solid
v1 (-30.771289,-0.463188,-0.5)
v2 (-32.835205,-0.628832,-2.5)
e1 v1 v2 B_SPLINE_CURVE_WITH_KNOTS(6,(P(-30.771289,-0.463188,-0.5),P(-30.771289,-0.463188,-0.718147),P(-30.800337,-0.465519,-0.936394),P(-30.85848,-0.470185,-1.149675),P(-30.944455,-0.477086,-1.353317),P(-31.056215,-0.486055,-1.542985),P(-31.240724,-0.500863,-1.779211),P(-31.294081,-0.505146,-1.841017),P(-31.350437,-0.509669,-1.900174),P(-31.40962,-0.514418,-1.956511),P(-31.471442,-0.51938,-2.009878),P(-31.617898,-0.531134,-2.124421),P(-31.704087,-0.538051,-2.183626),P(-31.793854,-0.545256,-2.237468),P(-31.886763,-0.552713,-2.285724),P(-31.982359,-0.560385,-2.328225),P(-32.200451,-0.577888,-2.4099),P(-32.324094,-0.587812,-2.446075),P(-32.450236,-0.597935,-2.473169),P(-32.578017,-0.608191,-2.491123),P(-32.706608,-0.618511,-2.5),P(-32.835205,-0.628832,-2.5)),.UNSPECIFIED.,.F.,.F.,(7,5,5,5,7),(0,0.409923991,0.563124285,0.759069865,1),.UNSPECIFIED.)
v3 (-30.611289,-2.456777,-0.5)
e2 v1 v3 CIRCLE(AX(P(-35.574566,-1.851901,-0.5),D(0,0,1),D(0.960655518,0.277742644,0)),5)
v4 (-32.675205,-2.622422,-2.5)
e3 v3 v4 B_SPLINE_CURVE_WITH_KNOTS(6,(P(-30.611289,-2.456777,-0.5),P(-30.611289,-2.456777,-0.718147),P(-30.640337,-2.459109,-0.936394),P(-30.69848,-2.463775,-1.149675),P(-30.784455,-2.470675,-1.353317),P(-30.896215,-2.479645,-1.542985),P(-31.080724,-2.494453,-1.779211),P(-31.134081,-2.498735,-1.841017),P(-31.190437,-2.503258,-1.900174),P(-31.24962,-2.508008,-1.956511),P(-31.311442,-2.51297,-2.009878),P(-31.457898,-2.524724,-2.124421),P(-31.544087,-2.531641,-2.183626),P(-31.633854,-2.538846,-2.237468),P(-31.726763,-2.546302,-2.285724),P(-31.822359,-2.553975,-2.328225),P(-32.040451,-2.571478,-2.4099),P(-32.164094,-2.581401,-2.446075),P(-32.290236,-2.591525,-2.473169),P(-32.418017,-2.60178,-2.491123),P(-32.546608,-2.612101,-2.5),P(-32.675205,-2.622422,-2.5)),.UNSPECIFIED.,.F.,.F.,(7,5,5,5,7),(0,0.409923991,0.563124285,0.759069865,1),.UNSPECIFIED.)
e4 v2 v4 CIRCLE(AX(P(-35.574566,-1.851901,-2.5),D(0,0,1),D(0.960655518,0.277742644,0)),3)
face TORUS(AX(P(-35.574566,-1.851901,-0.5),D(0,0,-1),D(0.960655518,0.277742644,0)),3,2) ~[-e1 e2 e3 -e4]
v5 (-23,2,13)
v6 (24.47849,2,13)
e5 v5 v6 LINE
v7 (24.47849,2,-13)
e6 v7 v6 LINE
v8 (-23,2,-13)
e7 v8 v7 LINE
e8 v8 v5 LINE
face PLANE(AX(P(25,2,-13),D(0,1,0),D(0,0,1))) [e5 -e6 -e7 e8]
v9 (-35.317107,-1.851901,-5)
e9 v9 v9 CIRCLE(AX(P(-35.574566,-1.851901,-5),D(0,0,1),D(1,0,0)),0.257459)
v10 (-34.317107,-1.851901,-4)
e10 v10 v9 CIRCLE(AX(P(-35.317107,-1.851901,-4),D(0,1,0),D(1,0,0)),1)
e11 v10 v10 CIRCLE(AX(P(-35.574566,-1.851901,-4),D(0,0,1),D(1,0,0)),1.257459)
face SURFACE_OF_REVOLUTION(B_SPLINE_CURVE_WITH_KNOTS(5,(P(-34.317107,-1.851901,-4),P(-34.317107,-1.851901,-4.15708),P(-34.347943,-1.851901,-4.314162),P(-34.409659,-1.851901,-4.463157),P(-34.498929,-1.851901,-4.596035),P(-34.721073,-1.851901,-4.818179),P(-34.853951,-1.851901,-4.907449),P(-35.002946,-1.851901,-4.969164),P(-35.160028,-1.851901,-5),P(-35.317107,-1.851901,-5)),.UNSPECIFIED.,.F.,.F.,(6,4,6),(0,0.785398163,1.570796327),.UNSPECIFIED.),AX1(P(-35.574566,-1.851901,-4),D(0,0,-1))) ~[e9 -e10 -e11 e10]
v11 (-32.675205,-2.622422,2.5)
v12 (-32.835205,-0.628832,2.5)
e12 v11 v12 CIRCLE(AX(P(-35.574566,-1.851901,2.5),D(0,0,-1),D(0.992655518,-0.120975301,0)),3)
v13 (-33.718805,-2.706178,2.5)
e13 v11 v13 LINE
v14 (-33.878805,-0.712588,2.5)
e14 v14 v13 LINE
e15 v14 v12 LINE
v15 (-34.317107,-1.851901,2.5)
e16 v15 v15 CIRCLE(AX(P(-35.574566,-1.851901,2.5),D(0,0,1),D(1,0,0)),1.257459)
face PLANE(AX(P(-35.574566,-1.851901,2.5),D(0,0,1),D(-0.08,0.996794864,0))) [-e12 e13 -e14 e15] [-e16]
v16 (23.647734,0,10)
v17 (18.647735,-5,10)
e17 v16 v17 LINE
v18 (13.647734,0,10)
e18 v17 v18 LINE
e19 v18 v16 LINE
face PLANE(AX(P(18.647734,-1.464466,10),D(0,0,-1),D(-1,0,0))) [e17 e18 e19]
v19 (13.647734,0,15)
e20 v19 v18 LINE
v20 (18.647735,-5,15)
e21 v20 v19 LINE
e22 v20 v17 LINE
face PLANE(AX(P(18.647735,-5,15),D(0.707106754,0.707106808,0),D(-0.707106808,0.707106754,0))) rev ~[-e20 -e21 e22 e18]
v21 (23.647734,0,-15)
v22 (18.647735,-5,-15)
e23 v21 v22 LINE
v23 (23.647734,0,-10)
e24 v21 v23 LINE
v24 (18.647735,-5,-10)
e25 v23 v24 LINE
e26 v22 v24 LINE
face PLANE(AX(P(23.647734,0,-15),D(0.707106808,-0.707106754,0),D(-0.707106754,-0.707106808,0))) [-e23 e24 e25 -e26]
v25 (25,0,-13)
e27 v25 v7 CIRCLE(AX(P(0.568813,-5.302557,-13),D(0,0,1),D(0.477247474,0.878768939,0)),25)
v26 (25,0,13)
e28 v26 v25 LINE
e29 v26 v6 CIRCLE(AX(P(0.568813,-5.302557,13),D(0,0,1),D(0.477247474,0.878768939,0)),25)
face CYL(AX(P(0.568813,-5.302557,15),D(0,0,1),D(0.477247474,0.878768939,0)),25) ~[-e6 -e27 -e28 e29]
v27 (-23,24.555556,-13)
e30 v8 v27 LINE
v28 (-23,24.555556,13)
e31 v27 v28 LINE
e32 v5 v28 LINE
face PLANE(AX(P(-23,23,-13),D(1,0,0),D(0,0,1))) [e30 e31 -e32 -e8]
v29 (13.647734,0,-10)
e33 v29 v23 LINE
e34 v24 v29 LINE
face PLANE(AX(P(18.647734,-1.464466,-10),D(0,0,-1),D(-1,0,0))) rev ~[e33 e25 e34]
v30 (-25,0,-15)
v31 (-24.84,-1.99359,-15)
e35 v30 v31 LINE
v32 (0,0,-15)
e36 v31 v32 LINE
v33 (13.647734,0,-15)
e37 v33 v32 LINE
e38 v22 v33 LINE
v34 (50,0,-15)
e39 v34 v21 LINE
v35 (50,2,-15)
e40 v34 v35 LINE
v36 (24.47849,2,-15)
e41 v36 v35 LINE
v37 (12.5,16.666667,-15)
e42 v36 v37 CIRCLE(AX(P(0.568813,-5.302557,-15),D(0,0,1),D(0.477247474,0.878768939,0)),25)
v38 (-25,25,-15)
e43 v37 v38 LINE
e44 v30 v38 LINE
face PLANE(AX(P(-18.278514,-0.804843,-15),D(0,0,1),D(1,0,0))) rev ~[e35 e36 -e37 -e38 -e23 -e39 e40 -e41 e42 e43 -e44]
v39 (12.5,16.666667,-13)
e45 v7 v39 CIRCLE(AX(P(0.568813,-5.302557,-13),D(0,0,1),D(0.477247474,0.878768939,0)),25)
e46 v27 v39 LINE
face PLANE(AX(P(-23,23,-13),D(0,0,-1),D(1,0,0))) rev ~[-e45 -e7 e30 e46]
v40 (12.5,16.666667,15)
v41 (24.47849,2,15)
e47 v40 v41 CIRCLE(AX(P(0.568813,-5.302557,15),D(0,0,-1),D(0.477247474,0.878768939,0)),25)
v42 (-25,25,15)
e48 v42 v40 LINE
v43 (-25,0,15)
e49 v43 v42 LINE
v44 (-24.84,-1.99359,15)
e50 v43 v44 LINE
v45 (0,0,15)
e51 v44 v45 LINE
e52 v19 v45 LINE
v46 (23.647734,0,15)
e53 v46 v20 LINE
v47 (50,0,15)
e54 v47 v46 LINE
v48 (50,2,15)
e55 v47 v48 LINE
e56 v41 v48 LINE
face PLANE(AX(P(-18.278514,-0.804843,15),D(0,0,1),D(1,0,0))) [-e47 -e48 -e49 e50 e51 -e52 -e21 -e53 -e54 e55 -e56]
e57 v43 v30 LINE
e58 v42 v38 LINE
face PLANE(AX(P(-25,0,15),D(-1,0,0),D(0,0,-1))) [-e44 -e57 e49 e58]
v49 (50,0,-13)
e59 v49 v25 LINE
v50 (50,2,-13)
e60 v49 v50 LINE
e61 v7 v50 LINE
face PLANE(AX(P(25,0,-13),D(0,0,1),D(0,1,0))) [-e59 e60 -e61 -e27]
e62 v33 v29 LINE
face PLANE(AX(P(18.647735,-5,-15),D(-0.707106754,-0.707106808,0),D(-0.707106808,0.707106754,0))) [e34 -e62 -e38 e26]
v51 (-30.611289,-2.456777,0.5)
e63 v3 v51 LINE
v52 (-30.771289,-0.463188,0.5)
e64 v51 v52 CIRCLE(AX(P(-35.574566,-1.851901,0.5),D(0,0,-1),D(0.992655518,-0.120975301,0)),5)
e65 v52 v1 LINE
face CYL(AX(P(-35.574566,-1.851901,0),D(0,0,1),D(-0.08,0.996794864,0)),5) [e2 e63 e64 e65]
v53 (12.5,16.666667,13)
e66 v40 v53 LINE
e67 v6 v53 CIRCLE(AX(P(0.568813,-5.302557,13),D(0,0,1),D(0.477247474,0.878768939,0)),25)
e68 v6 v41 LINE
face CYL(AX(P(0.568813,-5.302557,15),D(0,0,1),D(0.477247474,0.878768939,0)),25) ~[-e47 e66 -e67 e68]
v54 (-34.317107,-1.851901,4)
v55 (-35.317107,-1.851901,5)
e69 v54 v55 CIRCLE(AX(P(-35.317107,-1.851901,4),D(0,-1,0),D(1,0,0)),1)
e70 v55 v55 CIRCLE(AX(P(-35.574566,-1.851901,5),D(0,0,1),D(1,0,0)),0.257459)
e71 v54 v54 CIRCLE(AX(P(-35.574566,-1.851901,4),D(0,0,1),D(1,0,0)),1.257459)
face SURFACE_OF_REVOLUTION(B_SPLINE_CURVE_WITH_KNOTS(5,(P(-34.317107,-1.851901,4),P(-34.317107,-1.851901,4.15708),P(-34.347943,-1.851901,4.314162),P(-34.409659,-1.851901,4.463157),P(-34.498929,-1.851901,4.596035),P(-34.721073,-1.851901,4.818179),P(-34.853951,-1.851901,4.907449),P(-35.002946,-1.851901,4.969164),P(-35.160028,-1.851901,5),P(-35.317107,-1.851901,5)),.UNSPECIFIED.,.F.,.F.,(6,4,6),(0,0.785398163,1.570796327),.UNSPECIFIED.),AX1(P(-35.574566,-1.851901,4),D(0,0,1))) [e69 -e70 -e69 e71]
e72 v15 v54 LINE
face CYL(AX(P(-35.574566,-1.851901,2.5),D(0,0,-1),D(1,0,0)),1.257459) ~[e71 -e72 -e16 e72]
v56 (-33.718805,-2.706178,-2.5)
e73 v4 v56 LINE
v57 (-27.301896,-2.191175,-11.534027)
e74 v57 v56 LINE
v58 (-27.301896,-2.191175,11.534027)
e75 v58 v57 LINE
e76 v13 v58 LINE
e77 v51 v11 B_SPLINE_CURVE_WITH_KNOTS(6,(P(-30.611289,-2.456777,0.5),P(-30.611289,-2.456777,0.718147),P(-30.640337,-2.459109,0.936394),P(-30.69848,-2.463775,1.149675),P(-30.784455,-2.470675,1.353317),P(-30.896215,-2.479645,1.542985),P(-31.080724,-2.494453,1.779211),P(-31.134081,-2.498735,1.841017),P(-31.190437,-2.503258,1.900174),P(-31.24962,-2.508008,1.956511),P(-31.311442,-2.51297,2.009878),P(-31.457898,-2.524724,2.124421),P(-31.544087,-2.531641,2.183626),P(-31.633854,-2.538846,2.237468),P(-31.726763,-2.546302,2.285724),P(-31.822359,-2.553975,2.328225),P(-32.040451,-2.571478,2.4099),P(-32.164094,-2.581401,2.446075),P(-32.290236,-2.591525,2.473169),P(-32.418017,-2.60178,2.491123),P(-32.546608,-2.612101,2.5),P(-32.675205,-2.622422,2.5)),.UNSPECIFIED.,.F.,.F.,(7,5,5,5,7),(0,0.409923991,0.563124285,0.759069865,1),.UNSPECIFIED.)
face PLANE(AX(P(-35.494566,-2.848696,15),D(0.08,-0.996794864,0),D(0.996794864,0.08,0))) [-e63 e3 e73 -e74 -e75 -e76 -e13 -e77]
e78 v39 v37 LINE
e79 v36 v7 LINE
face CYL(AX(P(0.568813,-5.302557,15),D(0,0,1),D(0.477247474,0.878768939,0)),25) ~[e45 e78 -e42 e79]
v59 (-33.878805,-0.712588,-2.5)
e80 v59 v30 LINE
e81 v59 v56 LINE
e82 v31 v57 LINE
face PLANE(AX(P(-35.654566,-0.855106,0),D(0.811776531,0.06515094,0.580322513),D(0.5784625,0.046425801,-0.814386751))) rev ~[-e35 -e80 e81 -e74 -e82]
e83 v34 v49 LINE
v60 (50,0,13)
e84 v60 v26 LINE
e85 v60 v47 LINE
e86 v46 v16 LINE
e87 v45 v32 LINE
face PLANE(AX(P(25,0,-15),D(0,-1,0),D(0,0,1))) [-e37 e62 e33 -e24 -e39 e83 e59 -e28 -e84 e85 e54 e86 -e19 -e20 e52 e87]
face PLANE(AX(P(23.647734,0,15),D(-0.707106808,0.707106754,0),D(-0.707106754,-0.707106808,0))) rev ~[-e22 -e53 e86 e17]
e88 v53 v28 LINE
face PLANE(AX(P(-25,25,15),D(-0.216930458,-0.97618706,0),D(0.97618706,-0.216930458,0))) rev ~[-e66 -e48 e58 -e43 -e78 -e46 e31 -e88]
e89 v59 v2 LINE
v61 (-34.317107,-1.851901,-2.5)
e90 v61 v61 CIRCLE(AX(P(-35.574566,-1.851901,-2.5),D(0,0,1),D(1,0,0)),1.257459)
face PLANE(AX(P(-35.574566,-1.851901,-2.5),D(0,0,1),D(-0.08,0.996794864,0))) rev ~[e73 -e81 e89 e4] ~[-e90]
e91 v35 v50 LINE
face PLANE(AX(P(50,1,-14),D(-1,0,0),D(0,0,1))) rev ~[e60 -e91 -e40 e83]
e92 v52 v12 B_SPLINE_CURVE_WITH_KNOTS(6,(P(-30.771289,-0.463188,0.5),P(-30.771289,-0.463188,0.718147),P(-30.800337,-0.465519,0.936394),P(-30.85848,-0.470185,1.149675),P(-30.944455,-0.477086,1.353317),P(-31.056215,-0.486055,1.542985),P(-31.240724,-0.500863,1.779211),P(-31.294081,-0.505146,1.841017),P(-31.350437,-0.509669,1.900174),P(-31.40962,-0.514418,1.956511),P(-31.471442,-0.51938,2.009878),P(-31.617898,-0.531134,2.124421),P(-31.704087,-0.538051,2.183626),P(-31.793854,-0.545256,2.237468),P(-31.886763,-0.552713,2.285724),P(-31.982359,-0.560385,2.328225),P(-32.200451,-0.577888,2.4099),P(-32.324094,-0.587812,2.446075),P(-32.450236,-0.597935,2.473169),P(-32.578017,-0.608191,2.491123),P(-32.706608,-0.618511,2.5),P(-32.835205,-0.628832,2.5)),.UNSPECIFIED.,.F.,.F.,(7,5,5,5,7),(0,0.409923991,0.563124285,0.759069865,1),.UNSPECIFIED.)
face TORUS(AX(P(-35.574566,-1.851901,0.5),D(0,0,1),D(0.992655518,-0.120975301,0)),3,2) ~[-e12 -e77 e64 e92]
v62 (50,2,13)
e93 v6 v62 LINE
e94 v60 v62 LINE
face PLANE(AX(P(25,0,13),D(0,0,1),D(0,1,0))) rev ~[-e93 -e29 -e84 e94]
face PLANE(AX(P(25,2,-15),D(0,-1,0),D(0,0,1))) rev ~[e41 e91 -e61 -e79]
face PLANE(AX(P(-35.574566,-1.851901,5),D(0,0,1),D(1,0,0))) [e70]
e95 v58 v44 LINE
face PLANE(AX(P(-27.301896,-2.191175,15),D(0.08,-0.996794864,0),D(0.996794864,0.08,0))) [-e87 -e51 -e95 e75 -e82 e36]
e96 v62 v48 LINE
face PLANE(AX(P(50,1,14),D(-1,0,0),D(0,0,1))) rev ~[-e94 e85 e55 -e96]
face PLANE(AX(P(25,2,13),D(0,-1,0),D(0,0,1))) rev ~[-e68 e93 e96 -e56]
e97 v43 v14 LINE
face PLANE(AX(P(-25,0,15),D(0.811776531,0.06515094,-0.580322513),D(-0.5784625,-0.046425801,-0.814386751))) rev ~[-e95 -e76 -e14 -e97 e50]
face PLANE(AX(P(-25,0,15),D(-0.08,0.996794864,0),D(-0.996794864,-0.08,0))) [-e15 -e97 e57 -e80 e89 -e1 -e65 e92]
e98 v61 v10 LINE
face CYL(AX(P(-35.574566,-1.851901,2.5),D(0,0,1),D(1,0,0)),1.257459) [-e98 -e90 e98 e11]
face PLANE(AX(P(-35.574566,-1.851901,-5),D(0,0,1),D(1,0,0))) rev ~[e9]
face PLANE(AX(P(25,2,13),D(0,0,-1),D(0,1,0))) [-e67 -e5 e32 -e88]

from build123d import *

# Parameters (mm, degrees)
SKETCH2_W                  = 50
SKETCH2_H                  = 30
BOSS_EXTRUDE1_DEPTH        = 25
CUT_EXTRUDE2_DEPTH         = 31
SKETCH7_W                  = 26
SKETCH7_H                  = 21
CUT_EXTRUDE3_DEPTH         = 48
SKETCH8_W                  = 7.000000004
SKETCH8_H                  = 26
CUT_EXTRUDE6_DEPTH         = 3
CUT_EXTRUDE6_DEPTH_BACK    = 10
SKETCH9_W                  = 2
SKETCH9_H                  = 2
BOSS_EXTRUDE2_DEPTH        = 25
BOSS_EXTRUDE2_DEPTH_BACK   = 25
BOSS_EXTRUDE2_2_DEPTH      = 25
BOSS_EXTRUDE2_2_DEPTH_BACK = 25
BOSS_EXTRUDE3_DEPTH        = 30
CUT_EXTRUDE7_DEPTH         = 30
SKETCH13_R                 = 5
BOSS_EXTRUDE4_DEPTH        = 2.5
BOSS_EXTRUDE4_DEPTH_BACK   = 2.5
SKETCH14_R                 = 1.257458731
BOSS_EXTRUDE5_DEPTH        = 2.5
BOSS_EXTRUDE5_DEPTH_BACK   = 7.5
FILLET3_R                  = 2
FILLET4_R                  = 2
FILLET7_R                  = 1
FILLET8_R                  = 1
BOSS_EXTRUDE6_DEPTH        = 5
BOSS_EXTRUDE7_DEPTH        = 5


with BuildPart() as part:
    # Sketch2 → Boss-Extrude1 (new body)
    with BuildSketch(Plane(origin=(0, 0, 0), x_dir=(1, 0, 0), z_dir=(0, 1, 0))):
        Rectangle(SKETCH2_W, SKETCH2_H)
    extrude(amount=BOSS_EXTRUDE1_DEPTH)

    # Sketch3 → Cut-Extrude2 (cut, through all)
    with BuildSketch(Plane.XY.offset(15)):
        with BuildLine():
            Line((-25, 25), (12.5, 16.66666667))
            ThreePointArc((12.5, 16.66666667), (20.568813143, 9.697443192), (25, 0))
            Line((25, 0), (25, 25))
            Line((25, 25), (-25, 25))
        make_face()
    extrude(amount=-CUT_EXTRUDE2_DEPTH, mode=Mode.SUBTRACT)

    # Sketch7 → Cut-Extrude3 (cut)
    with BuildSketch(Plane.ZY.offset(-25)):
        with Locations((0, 12.5)):
            Rectangle(SKETCH7_W, SKETCH7_H)
    extrude(amount=CUT_EXTRUDE3_DEPTH, mode=Mode.SUBTRACT)

    # Sketch8 → Cut-Extrude6 (cut, two sides)
    with BuildSketch(Plane.XZ.offset(-23)) as cut_extrude6_sk:
        with Locations((-19.499999998, 0)):
            Rectangle(SKETCH8_W, SKETCH8_H)
    extrude(amount=CUT_EXTRUDE6_DEPTH, mode=Mode.SUBTRACT)
    extrude(cut_extrude6_sk.sketch, amount=-CUT_EXTRUDE6_DEPTH_BACK, mode=Mode.SUBTRACT)



with BuildPart() as body_2:
    # Sketch9 → Boss-Extrude2 (new body, two sides)
    with BuildSketch(Plane.ZY.offset(-25)) as boss_extrude2_sk:
        with Locations((14, 1)):
            Rectangle(SKETCH9_W, SKETCH9_H)
    extrude(amount=BOSS_EXTRUDE2_DEPTH)
    extrude(boss_extrude2_sk.sketch, amount=-BOSS_EXTRUDE2_DEPTH_BACK)


with BuildPart() as body_3:
    # Sketch9 → Boss-Extrude2 2 (new body, two sides)
    with BuildSketch(Plane.ZY.offset(-25)) as boss_extrude2_2_sk:
        with Locations((-14, 1)):
            Rectangle(SKETCH9_W, SKETCH9_H)
    extrude(amount=BOSS_EXTRUDE2_2_DEPTH)
    extrude(boss_extrude2_2_sk.sketch, amount=-BOSS_EXTRUDE2_2_DEPTH_BACK)


with BuildPart() as part_1:
    add(part.part)

    add(body_2.part)  # Boss-Extrude3 merges body 2

    add(body_3.part)  # Boss-Extrude3 merges body 3
    # Sketch10 → Boss-Extrude3 (add)
    with BuildSketch(Plane.XY.offset(15)):
        Polygon((-25, 0), (-35.654566136, -0.855106022), (-35.494566136, -2.848695749), (-27.301895797, -2.191174678), (0, 0), align=None)
    extrude(amount=-BOSS_EXTRUDE3_DEPTH)

    # Sketch11 → Cut-Extrude7 (cut)
    with BuildSketch(Plane(origin=(-0.16, 1.993589727, 0), x_dir=(0.996794864, 0.08, 0), z_dir=(-0.08, 0.996794864, 0))):
        Polygon((-24.919871589, -15), (-35.608696868, 0), (-35.608696868, -15), align=None)
        Polygon((-35.608696868, 0), (-24.919871589, 15), (-35.608696868, 15), align=None)
    extrude(amount=-CUT_EXTRUDE7_DEPTH, mode=Mode.SUBTRACT)

    # Sketch13 → Boss-Extrude4 (add, two sides)
    with BuildSketch(Plane(origin=(0, 0, 0), x_dir=(-0.08, 0.996794864, 0), z_dir=(0, 0, 1))) as boss_extrude4_sk:
        with Locations((1, 35.608696868)):
            Circle(SKETCH13_R)
    extrude(amount=BOSS_EXTRUDE4_DEPTH)
    extrude(boss_extrude4_sk.sketch, amount=-BOSS_EXTRUDE4_DEPTH_BACK)

    # Sketch14 → Boss-Extrude5 (add, two sides)
    with BuildSketch(Plane.XY.offset(2.5)) as boss_extrude5_sk:
        with Locations((-35.574566136, -1.851900886)):
            Circle(SKETCH14_R)
    extrude(amount=BOSS_EXTRUDE5_DEPTH)
    extrude(boss_extrude5_sk.sketch, amount=-BOSS_EXTRUDE5_DEPTH_BACK)

    # Fillet3
    fillet3_edges = [part_1.edges().sort_by_distance(p)[0] for p in [
        (-40.558540453, -2.251900886, 2.5),
    ]]
    fillet(fillet3_edges, radius=FILLET3_R)

    # Fillet4
    fillet4_edges = [part_1.edges().sort_by_distance(p)[0] for p in [
        (-40.558540453, -2.251900886, -2.5),
    ]]
    fillet(fillet4_edges, radius=FILLET4_R)

    # Fillet7
    fillet7_edges = [part_1.edges().sort_by_distance(p)[0] for p in [
        (-36.832024866, -1.851900886, 5),
    ]]
    fillet(fillet7_edges, radius=FILLET7_R)

    # Fillet8
    fillet8_edges = [part_1.edges().sort_by_distance(p)[0] for p in [
        (-36.832024866, -1.851900886, -5),
    ]]
    fillet(fillet8_edges, radius=FILLET8_R)

    # Sketch15 → Boss-Extrude6 (add)
    with BuildSketch(Plane.XY.offset(15)):
        Polygon((23.647734322, 0), (18.647734702, -5), (13.647734322, 0), align=None)
    extrude(amount=-BOSS_EXTRUDE6_DEPTH)

    # Sketch16 → Boss-Extrude7 (add)
    with BuildSketch(Plane(origin=(0, 0, -15), x_dir=(-1, 0, 0), z_dir=(0, 0, -1))):
        Polygon((-23.647734322, 0), (-18.647734702, -5), (-13.647734322, 0), align=None)
    extrude(amount=-BOSS_EXTRUDE7_DEPTH)


solid = part_1.part
